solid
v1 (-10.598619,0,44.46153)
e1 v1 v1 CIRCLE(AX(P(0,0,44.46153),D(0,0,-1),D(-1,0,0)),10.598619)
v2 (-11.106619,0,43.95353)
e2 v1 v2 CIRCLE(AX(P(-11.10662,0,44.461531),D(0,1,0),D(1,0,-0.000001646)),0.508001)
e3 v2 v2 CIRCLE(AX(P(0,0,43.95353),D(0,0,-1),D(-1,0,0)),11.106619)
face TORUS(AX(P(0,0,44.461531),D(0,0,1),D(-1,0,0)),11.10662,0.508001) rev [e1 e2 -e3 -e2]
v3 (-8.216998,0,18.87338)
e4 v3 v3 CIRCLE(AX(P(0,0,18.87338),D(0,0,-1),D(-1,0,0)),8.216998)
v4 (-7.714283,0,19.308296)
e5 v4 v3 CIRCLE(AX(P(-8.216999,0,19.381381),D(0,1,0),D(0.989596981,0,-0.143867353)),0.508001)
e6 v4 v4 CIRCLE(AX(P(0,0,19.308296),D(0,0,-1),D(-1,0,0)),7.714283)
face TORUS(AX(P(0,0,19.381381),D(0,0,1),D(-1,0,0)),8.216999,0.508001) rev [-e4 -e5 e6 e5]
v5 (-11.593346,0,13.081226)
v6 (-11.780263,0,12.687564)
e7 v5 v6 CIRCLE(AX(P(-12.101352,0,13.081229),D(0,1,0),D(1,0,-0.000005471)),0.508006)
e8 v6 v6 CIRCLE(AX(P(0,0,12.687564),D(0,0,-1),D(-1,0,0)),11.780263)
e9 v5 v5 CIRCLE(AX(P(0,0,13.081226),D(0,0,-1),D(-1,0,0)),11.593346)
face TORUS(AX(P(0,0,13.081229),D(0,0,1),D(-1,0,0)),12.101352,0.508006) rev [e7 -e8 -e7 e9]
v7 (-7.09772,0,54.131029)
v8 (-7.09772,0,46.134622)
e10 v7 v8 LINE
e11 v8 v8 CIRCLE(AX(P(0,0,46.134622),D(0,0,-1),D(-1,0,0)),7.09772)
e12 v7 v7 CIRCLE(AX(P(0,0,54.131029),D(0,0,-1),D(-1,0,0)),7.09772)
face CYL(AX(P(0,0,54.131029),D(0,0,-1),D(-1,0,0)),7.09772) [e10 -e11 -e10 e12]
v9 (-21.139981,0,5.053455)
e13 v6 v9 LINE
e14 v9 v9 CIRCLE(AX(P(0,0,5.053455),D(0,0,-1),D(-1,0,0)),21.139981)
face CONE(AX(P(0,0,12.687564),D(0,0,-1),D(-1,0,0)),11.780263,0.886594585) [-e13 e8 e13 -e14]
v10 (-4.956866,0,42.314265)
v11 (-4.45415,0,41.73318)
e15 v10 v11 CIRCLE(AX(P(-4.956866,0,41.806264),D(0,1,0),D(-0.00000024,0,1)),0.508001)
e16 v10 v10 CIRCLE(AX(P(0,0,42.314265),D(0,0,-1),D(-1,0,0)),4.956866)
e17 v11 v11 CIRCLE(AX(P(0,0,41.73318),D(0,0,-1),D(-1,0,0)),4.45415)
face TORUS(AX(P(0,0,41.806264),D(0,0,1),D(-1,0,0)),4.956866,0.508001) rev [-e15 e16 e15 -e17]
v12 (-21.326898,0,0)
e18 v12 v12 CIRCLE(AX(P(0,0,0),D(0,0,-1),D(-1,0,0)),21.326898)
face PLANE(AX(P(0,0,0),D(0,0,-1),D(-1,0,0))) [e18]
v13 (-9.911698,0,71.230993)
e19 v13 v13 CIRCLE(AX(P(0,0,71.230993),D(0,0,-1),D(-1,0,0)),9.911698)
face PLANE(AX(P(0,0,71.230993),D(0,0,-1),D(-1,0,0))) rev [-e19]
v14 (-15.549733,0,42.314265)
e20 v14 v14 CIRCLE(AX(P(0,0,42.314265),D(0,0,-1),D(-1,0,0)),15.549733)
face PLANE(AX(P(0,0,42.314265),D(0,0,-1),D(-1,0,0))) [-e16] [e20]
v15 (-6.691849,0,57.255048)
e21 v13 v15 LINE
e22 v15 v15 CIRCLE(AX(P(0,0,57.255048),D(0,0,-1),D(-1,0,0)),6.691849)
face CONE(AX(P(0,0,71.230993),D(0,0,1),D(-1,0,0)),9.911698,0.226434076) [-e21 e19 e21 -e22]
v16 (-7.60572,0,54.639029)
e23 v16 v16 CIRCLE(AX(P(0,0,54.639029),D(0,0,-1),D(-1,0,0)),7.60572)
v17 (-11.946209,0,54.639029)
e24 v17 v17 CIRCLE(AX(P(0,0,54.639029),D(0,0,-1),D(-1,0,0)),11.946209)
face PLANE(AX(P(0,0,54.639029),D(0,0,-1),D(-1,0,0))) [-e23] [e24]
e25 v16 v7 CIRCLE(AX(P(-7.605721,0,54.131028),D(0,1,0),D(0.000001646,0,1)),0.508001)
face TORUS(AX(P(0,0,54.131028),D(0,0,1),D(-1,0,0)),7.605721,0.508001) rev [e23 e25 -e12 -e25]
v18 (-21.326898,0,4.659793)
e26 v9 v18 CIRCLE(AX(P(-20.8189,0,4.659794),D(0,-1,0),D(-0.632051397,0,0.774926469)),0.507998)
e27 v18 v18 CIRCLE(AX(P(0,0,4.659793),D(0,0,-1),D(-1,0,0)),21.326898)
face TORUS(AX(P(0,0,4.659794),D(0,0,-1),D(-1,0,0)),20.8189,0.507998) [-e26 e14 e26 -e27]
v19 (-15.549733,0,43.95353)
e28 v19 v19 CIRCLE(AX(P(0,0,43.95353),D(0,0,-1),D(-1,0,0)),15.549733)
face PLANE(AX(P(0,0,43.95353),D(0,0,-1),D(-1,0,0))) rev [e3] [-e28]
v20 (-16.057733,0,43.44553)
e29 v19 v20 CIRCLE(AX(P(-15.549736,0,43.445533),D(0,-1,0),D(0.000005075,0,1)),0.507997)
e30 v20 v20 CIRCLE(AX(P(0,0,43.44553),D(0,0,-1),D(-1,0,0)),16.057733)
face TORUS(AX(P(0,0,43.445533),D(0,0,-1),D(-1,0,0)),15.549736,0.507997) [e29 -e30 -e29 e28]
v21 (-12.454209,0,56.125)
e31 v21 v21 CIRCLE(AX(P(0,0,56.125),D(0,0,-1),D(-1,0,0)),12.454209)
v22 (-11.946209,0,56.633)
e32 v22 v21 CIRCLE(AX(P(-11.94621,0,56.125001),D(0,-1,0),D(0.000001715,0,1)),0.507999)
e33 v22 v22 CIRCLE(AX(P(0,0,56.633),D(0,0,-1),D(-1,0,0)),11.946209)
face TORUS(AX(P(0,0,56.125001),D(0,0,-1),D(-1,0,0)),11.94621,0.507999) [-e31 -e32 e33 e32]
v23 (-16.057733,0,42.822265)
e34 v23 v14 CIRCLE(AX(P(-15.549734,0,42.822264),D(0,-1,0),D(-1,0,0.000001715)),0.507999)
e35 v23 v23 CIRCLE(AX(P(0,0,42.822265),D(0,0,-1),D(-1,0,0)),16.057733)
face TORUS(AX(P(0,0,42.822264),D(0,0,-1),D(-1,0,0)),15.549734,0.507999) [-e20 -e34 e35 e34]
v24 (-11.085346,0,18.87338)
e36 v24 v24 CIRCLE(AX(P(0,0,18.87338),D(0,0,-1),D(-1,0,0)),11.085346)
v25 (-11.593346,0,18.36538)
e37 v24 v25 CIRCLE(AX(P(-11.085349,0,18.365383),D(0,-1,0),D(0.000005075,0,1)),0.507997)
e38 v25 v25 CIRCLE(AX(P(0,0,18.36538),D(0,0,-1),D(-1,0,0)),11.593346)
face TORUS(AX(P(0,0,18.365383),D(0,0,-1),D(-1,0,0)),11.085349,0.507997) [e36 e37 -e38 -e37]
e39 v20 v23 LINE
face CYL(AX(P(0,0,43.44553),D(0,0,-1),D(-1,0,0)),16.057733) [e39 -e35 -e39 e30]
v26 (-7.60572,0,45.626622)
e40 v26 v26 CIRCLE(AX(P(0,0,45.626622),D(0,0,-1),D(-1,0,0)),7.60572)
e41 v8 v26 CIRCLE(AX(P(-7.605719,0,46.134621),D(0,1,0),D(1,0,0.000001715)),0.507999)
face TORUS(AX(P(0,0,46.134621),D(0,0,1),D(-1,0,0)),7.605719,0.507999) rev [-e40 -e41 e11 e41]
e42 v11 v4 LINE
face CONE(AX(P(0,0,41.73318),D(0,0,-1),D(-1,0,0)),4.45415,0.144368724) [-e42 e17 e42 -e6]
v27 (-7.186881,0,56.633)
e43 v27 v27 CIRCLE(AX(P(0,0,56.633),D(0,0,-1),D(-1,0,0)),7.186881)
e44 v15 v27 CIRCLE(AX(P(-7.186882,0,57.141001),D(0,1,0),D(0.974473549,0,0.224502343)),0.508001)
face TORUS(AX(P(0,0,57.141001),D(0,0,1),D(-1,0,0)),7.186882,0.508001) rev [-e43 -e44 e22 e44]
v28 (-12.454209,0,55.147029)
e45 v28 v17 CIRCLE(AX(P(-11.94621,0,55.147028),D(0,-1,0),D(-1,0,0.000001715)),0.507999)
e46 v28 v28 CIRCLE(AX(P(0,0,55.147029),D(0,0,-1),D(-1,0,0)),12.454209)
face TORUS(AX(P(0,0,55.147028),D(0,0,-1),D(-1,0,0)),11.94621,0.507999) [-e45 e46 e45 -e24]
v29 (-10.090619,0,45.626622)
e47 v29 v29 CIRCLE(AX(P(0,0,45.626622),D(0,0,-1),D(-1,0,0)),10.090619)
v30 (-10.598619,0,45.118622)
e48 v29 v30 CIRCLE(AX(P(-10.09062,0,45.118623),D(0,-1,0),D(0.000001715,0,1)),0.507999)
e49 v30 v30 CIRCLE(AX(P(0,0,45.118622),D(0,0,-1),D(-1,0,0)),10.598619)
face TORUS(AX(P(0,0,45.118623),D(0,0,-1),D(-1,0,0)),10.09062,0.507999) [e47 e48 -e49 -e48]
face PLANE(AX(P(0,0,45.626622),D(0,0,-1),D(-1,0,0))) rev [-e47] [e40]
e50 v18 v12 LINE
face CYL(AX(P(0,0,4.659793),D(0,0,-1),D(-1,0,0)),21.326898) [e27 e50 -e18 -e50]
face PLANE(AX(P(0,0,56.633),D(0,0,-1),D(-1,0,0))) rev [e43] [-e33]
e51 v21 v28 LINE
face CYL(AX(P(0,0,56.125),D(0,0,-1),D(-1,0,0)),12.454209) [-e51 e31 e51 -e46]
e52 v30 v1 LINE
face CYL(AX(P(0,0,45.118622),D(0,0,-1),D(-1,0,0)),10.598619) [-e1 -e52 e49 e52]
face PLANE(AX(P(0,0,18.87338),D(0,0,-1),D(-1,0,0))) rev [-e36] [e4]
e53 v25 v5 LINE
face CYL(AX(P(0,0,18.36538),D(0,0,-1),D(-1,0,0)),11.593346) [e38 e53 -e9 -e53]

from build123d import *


with BuildPart() as f1:
    # F0 (on Front) → F1 (revolve)
    with BuildSketch(Plane.XZ):
        with BuildLine():
            Line((0, 0), (0, 71.230993))
            Line((0, 71.230993), (-9.911698, 71.230993))
            Line((-9.911698, 71.230993), (-6.691849, 57.255048))
            ThreePointArc((-6.691849, 57.255048), (-6.789389, 56.824672), (-7.186881, 56.633))
            Line((-7.186881, 56.633), (-11.946209, 56.633))
            ThreePointArc((-11.946209, 56.633), (-12.30542, 56.48421), (-12.454209, 56.125))
            Line((-12.454209, 56.125), (-12.454209, 55.147029))
            ThreePointArc((-12.454209, 55.147029), (-12.30542, 54.787819), (-11.946209, 54.639029))
            Line((-11.946209, 54.639029), (-7.60572, 54.639029))
            ThreePointArc((-7.60572, 54.639029), (-7.24651, 54.490239), (-7.09772, 54.131029))
            Line((-7.09772, 54.131029), (-7.09772, 46.134622))
            ThreePointArc((-7.09772, 46.134622), (-7.24651, 45.775411), (-7.60572, 45.626622))
            Line((-7.60572, 45.626622), (-10.090619, 45.626622))
            ThreePointArc((-10.090619, 45.626622), (-10.44983, 45.477832), (-10.598619, 45.118622))
            Line((-10.598619, 45.118622), (-10.598619, 44.46153))
            ThreePointArc((-10.598619, 44.46153), (-10.747409, 44.10232), (-11.106619, 43.95353))
            Line((-11.106619, 43.95353), (-15.549733, 43.95353))
            ThreePointArc((-15.549733, 43.95353), (-15.908944, 43.804741), (-16.057733, 43.44553))
            Line((-16.057733, 43.44553), (-16.057733, 42.822265))
            ThreePointArc((-16.057733, 42.822265), (-15.908944, 42.463055), (-15.549733, 42.314265))
            Line((-15.549733, 42.314265), (-4.956866, 42.314265))
            ThreePointArc((-4.956866, 42.314265), (-4.572684, 42.138633), (-4.45415, 41.73318))
            Line((-4.45415, 41.73318), (-7.714283, 19.308296))
            ThreePointArc((-7.714283, 19.308296), (-7.88463, 18.997199), (-8.216998, 18.87338))
            Line((-8.216998, 18.87338), (-11.085346, 18.87338))
            ThreePointArc((-11.085346, 18.87338), (-11.444557, 18.724591), (-11.593346, 18.36538))
            Line((-11.593346, 18.36538), (-11.593346, 13.081226))
            ThreePointArc((-11.593346, 13.081226), (-11.642449, 12.863334), (-11.780263, 12.687564))
            Line((-11.780263, 12.687564), (-21.139981, 5.053455))
            ThreePointArc((-21.139981, 5.053455), (-21.277796, 4.877685), (-21.326898, 4.659793))
            Line((-21.326898, 4.659793), (-21.326898, 0))
            Line((-21.326898, 0), (0, 0))
        make_face()
    revolve(axis=Axis((0, 0, 35.615497), (0, 0, -1)))


solid = f1.part
